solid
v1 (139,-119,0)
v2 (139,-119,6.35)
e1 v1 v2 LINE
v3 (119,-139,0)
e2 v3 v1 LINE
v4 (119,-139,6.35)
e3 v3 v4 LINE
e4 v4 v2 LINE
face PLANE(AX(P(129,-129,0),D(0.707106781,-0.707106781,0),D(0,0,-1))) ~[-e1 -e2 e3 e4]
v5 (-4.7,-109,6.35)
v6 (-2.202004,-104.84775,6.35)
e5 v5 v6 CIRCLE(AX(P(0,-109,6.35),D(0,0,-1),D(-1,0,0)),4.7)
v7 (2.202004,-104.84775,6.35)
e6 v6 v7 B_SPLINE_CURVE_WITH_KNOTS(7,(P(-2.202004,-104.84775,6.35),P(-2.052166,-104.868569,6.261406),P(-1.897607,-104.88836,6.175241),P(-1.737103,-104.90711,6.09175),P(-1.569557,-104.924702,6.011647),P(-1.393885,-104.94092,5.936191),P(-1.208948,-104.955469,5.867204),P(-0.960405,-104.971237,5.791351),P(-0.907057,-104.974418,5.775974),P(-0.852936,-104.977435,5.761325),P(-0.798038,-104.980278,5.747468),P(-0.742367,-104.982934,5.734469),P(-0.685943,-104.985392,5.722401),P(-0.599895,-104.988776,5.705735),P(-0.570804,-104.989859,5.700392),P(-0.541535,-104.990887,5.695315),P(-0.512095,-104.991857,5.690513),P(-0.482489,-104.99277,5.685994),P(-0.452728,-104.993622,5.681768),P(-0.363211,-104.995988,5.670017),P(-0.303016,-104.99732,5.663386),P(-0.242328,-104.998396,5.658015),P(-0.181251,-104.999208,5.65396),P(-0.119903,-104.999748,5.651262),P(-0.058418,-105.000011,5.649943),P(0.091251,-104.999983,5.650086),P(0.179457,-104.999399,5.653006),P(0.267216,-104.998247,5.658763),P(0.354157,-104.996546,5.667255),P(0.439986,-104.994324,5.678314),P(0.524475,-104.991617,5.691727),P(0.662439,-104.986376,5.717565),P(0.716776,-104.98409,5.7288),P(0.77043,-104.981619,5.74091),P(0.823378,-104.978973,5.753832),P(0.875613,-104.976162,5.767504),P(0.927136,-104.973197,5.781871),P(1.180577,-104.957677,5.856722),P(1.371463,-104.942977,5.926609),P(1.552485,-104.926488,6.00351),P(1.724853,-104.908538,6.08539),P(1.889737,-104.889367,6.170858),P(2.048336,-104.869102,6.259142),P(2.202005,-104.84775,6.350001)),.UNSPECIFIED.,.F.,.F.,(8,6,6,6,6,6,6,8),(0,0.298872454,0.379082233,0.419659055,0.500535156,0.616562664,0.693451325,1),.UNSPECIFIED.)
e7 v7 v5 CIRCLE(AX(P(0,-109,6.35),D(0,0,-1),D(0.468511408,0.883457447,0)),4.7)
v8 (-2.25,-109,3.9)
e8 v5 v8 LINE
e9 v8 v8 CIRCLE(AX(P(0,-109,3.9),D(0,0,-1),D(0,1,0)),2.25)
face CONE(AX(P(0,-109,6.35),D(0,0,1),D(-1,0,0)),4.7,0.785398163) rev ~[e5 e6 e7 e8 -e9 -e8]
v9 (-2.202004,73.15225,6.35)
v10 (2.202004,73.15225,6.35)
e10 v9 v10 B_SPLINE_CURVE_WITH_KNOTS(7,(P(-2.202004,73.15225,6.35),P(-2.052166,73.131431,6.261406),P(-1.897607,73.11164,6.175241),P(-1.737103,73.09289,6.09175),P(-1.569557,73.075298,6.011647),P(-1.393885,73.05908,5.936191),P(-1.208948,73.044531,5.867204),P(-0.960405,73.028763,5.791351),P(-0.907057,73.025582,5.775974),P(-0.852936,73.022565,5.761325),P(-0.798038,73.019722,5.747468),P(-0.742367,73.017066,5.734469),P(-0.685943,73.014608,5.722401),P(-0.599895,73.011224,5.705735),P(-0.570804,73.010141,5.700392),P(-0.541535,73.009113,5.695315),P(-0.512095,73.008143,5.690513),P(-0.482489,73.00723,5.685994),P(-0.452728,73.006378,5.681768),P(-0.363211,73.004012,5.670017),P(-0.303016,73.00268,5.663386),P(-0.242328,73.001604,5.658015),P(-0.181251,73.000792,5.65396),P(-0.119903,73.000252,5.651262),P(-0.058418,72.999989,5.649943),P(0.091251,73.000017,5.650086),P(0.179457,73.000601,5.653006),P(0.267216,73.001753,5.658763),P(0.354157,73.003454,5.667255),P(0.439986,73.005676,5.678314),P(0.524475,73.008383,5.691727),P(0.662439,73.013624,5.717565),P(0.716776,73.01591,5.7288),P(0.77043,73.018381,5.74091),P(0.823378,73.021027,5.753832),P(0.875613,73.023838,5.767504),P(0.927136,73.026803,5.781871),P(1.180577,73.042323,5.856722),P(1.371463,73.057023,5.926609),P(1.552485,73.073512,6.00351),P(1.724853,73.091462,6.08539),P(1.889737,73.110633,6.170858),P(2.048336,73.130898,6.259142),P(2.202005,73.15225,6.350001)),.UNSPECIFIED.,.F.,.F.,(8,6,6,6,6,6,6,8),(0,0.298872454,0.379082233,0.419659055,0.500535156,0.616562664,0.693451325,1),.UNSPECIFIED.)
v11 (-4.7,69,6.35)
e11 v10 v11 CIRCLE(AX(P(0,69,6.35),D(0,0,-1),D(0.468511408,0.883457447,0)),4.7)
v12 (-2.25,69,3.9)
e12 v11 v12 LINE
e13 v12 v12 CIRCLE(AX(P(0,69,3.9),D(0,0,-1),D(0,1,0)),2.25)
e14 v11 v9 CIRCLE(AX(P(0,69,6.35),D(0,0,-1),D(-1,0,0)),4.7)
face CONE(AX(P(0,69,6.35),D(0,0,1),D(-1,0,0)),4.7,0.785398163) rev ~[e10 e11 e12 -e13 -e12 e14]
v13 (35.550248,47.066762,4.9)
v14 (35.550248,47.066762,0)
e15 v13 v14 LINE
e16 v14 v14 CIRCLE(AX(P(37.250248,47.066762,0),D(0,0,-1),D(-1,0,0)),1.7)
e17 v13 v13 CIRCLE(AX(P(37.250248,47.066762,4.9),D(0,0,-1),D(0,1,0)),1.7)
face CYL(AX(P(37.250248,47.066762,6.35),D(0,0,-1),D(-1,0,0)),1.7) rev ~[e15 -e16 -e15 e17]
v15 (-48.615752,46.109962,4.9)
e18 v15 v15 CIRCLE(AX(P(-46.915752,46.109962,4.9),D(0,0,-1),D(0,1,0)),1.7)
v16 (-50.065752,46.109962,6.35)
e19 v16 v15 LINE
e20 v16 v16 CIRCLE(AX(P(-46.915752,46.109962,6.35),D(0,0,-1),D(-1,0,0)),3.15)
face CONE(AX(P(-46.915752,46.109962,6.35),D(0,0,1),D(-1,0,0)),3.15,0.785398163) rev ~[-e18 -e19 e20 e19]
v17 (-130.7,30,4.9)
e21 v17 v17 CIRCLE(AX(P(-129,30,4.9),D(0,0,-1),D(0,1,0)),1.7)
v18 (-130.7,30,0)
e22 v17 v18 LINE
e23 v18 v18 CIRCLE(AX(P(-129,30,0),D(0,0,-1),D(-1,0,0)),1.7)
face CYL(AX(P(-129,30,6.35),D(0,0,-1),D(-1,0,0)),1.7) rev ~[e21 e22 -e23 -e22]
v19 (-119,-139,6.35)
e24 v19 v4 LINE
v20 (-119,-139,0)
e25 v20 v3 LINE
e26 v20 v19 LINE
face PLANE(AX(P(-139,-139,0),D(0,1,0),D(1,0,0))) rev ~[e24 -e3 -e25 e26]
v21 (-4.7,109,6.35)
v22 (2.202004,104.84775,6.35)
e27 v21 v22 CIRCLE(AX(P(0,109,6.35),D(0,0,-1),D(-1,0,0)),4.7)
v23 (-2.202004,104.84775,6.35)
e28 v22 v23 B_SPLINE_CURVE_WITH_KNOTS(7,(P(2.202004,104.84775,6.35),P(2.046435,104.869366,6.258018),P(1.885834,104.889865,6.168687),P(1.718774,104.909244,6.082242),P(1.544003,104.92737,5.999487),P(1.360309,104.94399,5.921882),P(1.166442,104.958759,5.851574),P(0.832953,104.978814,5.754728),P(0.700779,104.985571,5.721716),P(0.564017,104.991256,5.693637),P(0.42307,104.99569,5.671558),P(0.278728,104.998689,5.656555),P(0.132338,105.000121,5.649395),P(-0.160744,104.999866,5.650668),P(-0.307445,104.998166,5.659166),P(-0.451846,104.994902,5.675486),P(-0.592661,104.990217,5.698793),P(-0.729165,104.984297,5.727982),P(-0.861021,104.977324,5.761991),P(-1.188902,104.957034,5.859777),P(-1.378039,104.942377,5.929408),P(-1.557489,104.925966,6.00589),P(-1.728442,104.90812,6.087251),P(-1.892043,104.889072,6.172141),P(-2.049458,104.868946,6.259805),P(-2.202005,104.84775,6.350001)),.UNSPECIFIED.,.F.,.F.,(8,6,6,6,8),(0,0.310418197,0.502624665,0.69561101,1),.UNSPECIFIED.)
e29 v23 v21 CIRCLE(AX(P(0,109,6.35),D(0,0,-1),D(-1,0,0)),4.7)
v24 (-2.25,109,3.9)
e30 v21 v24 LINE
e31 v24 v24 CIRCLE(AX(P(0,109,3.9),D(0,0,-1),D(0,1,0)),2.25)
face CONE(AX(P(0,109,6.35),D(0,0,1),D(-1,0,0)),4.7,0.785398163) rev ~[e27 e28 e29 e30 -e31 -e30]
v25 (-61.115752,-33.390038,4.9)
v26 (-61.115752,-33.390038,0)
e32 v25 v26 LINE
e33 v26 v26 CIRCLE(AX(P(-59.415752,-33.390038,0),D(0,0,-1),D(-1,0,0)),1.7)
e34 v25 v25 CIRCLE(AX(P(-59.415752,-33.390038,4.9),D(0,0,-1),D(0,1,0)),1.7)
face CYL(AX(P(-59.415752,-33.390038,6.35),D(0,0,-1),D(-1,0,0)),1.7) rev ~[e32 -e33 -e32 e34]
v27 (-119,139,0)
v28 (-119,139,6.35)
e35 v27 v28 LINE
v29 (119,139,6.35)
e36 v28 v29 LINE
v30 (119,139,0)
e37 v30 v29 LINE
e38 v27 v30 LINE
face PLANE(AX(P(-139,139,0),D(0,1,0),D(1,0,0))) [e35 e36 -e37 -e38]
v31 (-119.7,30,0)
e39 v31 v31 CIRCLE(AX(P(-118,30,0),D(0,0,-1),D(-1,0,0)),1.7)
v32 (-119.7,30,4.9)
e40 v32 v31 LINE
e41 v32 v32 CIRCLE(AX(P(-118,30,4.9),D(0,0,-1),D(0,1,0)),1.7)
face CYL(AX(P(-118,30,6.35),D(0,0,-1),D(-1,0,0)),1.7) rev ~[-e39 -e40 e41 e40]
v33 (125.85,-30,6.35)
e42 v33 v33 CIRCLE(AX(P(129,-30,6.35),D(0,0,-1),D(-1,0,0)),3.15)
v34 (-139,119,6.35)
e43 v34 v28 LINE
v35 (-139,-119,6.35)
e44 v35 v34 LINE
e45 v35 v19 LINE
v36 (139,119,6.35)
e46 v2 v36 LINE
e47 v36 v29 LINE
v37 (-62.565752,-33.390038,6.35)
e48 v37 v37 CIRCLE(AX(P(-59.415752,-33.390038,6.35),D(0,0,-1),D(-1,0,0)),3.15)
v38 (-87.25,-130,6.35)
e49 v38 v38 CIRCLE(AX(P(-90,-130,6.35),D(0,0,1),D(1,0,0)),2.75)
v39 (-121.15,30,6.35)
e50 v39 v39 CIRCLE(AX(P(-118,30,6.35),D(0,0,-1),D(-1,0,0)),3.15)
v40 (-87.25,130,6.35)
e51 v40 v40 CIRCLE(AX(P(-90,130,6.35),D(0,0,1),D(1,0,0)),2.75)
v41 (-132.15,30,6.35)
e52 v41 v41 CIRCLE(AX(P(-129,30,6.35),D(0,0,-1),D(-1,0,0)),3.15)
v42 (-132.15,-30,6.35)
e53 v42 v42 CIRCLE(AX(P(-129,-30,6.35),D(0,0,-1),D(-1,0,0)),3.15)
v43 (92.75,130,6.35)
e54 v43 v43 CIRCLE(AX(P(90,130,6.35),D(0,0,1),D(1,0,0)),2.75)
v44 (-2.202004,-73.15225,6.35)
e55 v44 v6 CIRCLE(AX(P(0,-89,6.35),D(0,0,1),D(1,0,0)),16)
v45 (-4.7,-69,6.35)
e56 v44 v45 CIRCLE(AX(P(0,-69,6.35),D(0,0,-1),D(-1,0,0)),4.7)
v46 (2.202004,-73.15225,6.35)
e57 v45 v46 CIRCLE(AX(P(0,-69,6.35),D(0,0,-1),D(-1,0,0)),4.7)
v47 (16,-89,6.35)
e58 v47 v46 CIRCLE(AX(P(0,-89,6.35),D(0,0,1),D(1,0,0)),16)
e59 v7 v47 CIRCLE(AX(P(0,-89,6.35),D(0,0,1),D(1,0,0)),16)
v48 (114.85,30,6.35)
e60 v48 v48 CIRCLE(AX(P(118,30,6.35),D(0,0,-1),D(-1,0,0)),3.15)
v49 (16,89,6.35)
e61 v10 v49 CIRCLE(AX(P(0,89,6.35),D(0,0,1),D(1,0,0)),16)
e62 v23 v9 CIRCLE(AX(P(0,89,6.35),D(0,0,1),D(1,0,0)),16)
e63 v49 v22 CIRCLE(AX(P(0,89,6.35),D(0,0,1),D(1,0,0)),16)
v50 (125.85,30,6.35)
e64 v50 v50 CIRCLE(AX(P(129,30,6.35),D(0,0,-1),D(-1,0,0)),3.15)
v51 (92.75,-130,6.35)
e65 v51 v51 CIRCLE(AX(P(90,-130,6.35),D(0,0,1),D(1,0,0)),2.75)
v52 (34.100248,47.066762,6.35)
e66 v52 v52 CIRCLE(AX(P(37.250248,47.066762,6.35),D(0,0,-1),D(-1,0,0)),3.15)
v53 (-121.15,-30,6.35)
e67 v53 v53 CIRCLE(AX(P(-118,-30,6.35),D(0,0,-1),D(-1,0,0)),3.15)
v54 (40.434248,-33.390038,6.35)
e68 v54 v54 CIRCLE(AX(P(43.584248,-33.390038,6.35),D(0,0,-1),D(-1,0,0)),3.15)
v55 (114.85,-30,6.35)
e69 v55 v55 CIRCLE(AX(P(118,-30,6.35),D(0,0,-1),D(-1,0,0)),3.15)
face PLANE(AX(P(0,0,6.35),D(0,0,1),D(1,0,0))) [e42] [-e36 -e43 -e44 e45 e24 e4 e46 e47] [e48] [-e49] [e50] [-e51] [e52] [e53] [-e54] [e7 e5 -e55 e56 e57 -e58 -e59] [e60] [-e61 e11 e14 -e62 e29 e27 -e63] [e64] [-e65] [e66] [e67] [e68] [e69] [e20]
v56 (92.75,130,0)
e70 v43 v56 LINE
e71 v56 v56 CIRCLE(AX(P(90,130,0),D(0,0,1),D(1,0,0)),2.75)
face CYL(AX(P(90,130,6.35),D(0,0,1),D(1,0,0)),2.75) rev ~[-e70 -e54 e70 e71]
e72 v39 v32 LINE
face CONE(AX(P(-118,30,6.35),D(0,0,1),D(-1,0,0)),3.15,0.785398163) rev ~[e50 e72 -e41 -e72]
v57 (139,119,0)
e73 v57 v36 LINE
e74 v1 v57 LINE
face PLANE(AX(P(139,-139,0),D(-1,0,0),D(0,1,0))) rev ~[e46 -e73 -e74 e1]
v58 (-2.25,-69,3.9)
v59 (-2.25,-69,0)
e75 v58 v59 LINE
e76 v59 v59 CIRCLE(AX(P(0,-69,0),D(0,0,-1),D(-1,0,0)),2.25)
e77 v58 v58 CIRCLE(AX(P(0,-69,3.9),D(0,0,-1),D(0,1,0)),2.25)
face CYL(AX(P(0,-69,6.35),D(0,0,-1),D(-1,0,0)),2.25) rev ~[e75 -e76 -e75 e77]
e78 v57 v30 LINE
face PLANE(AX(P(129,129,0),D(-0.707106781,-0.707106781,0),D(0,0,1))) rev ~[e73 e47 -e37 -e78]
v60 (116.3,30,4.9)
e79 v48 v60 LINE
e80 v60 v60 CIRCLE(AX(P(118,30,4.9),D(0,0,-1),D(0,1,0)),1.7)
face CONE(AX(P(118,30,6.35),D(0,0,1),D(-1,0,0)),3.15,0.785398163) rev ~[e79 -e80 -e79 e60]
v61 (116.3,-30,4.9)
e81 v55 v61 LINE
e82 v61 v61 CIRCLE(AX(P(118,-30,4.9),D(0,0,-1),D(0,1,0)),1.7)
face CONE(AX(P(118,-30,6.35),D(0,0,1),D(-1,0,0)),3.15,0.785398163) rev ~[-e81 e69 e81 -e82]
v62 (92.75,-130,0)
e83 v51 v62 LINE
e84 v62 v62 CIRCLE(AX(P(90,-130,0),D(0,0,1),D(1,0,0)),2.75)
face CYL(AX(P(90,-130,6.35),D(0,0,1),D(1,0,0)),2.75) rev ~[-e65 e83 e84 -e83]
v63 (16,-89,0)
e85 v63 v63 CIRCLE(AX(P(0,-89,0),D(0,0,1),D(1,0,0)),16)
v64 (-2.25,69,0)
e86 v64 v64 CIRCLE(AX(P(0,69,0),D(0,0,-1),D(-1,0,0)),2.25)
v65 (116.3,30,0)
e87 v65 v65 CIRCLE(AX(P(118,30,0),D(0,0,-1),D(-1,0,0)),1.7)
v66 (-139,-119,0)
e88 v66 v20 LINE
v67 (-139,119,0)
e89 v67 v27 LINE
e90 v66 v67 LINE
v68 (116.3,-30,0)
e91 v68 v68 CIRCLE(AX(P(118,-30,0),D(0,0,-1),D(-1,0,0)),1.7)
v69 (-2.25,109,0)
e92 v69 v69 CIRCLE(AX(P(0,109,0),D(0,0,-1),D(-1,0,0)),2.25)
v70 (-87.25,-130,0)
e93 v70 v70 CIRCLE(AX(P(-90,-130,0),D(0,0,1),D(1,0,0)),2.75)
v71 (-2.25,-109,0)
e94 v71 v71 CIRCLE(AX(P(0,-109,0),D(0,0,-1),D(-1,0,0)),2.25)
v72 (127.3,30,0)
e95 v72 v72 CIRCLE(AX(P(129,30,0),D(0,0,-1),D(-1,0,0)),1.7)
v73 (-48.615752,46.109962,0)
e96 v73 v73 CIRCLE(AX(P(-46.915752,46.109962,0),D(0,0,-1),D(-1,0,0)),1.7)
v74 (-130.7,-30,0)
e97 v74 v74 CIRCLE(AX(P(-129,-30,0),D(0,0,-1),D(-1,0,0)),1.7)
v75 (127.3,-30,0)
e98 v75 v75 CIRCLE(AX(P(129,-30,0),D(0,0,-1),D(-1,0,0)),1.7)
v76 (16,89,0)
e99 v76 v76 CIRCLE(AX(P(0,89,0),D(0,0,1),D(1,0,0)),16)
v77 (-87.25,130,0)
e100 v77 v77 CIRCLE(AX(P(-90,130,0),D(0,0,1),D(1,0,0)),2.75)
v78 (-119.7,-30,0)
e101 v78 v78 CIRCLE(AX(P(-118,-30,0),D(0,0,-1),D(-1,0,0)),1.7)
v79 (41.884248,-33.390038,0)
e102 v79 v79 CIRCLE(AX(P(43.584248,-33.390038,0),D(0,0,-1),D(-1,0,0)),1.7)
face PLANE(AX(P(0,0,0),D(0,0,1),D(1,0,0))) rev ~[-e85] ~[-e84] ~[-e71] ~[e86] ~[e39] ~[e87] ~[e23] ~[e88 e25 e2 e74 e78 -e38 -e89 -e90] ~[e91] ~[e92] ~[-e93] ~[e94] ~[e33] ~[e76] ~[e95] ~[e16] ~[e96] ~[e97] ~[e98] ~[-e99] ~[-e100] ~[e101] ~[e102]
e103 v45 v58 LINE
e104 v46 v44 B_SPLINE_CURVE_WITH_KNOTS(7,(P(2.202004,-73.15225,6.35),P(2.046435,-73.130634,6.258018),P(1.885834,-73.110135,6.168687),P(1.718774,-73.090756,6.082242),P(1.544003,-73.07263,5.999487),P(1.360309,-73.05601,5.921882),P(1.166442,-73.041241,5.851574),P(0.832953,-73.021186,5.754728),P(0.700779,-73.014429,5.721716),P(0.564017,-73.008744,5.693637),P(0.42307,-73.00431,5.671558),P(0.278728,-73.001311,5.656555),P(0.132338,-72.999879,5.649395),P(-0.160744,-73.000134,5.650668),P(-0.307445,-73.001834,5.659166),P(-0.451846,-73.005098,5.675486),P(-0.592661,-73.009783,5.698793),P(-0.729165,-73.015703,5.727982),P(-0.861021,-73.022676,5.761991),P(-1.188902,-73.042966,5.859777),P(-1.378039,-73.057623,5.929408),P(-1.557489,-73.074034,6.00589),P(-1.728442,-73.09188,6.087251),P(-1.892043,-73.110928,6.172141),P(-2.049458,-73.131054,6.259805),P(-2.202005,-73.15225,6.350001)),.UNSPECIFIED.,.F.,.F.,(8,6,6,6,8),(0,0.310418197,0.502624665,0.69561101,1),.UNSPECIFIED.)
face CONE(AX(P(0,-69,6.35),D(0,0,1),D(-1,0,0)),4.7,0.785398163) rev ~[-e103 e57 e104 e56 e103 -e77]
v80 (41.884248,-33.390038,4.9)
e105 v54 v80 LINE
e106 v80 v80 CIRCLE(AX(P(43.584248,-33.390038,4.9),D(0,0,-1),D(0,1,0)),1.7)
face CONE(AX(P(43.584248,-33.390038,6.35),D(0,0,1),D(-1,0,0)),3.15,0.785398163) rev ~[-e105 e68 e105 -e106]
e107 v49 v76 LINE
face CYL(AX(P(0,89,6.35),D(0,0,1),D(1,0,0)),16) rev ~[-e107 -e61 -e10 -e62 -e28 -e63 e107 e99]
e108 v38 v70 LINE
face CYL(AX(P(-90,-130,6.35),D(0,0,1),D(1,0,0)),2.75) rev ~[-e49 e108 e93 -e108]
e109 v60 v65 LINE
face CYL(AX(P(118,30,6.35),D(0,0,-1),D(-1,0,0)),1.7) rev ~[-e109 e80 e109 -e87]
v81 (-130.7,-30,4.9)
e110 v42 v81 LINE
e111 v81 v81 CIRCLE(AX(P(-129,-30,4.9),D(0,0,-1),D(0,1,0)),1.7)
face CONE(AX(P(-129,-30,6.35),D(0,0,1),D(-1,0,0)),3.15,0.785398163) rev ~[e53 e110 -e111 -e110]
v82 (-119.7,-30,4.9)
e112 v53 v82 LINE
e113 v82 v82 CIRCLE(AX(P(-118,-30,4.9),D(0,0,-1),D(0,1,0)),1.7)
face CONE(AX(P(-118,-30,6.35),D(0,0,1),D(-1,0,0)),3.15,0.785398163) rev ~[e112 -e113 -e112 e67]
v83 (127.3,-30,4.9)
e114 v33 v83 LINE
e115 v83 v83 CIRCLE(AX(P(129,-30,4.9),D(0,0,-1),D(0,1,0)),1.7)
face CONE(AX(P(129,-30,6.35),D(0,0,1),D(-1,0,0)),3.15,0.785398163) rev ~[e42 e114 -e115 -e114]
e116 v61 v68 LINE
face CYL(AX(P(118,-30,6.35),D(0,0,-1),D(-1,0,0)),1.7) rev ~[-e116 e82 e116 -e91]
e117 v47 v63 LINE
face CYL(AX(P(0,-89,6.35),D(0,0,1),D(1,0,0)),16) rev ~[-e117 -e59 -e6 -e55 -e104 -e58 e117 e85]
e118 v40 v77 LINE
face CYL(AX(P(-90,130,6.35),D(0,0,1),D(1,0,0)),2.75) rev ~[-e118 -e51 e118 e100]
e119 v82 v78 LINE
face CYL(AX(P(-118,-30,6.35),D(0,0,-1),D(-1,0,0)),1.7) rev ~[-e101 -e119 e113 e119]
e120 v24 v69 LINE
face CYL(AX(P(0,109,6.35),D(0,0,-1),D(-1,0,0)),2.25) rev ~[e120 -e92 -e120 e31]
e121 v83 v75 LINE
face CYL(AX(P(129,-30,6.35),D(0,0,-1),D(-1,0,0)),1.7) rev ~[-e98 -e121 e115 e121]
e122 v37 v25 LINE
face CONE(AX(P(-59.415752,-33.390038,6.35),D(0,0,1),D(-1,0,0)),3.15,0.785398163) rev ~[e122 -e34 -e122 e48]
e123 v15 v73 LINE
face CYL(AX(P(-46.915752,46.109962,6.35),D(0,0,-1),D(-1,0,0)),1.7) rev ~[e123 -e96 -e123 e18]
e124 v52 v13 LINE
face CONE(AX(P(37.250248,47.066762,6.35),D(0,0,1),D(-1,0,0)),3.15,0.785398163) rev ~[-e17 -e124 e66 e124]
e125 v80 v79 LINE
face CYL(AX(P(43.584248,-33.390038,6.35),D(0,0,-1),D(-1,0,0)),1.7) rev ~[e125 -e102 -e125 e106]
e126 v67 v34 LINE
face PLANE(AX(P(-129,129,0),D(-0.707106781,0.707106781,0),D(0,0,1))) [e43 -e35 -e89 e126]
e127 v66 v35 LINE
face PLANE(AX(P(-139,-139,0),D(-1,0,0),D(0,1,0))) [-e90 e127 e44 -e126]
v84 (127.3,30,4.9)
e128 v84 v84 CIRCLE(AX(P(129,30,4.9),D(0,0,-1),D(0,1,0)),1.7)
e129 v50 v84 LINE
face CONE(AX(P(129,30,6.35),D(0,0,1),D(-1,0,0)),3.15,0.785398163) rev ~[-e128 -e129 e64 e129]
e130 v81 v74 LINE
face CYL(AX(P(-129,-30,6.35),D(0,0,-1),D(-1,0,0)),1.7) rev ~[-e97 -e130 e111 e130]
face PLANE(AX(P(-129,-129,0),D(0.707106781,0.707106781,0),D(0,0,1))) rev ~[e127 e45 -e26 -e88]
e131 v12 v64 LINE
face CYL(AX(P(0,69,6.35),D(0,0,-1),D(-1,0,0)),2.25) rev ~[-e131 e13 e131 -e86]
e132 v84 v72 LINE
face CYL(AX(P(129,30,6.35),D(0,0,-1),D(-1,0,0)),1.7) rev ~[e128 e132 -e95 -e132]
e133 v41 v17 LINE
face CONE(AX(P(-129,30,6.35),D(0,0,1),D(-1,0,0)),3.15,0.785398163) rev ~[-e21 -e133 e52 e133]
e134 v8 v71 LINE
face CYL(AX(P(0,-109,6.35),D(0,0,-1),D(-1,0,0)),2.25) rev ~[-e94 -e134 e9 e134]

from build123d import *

# Parameters (mm, degrees)
SKETCH1_W                                       = 278
SKETCH1_H                                       = 278
BOSS_EXTRUDE1_DEPTH                             = 6.35
CHAMFER1_SIZE                                   = 20
SKETCH4_R                                       = 2.75
CUT_EXTRUDE2_DEPTH                              = 76.2
SKETCH8_R                                       = 16
CUT_EXTRUDE4_DEPTH                              = 105
CSK_FOR_M4_FLAT_HEAD_MACHINE_SCREW2_D           = 4.5
CSK_FOR_M4_FLAT_HEAD_MACHINE_SCREW2_CSINK_D     = 9.4
CSK_FOR_M4_FLAT_HEAD_MACHINE_SCREW2_CSINK_ANGLE = 90
CSK_FOR_M3_FLAT_HEAD_MACHINE_SCREW1_D           = 3.4
CSK_FOR_M3_FLAT_HEAD_MACHINE_SCREW1_CSINK_D     = 6.3
CSK_FOR_M3_FLAT_HEAD_MACHINE_SCREW1_CSINK_ANGLE = 90
CSK_FOR_M3_FLAT_HEAD_MACHINE_SCREW2_D           = 3.4
CSK_FOR_M3_FLAT_HEAD_MACHINE_SCREW2_CSINK_D     = 6.3
CSK_FOR_M3_FLAT_HEAD_MACHINE_SCREW2_CSINK_ANGLE = 90


with BuildPart() as part:
    # Sketch1 → Boss-Extrude1 (new body)
    with BuildSketch(Plane.XY):
        Rectangle(SKETCH1_W, SKETCH1_H)
    extrude(amount=BOSS_EXTRUDE1_DEPTH)

    # Chamfer1
    chamfer1_edges = [part.edges().sort_by_distance(p)[0] for p in [
        (-139, 139, 3.175),
        (139, 139, 3.175),
        (139, -139, 3.175),
        (-139, -139, 3.175),
    ]]
    chamfer(chamfer1_edges, length=CHAMFER1_SIZE)

    # Sketch4 → Cut-Extrude2 (cut)
    with BuildSketch(Plane.XY.offset(6.35)):
        with Locations((-90, 130)):
            Circle(SKETCH4_R)
        with Locations((0, 151)):
            Circle(SKETCH4_R)
        with Locations((90, 130)):
            Circle(SKETCH4_R)
        with Locations((90, -130)):
            Circle(SKETCH4_R)
        with Locations((0, -151)):
            Circle(SKETCH4_R)
        with Locations((-90, -130)):
            Circle(SKETCH4_R)
    extrude(amount=-CUT_EXTRUDE2_DEPTH, mode=Mode.SUBTRACT)

    # Sketch8 → Cut-Extrude4 (cut)
    with BuildSketch(Plane.XY.offset(6.35)):
        with Locations((0, 89)):
            Circle(SKETCH8_R)
        with Locations((0, -89)):
            Circle(SKETCH8_R)
    extrude(amount=-CUT_EXTRUDE4_DEPTH, mode=Mode.SUBTRACT)

    # CSK for M4 Flat Head Machine Screw2 (through all)
    with Locations(Plane.XY.offset(6.35)):
        with Locations((0, 109), (0, 69), (0, -69), (0, -109)):
            CounterSinkHole(CSK_FOR_M4_FLAT_HEAD_MACHINE_SCREW2_D / 2, CSK_FOR_M4_FLAT_HEAD_MACHINE_SCREW2_CSINK_D / 2, counter_sink_angle=CSK_FOR_M4_FLAT_HEAD_MACHINE_SCREW2_CSINK_ANGLE)

    # CSK for M3 Flat Head Machine Screw1 (through all)
    with Locations(Plane.XY.offset(6.35)):
        with Locations((-129, 30), (-118, 30), (-118, -30), (-129, -30), (129, -30), (118, -30), (118, 30), (129, 30)):
            CounterSinkHole(CSK_FOR_M3_FLAT_HEAD_MACHINE_SCREW1_D / 2, CSK_FOR_M3_FLAT_HEAD_MACHINE_SCREW1_CSINK_D / 2, counter_sink_angle=CSK_FOR_M3_FLAT_HEAD_MACHINE_SCREW1_CSINK_ANGLE)

    # CSK for M3 Flat Head Machine Screw2 (through all)
    with Locations(Plane.XY.offset(6.35)):
        with Locations((-46.915752442, 46.109961681)):
            csk_for_m3_flat_head_machine_screw2 = CounterSinkHole(CSK_FOR_M3_FLAT_HEAD_MACHINE_SCREW2_D / 2, CSK_FOR_M3_FLAT_HEAD_MACHINE_SCREW2_CSINK_D / 2, counter_sink_angle=CSK_FOR_M3_FLAT_HEAD_MACHINE_SCREW2_CSINK_ANGLE)

    # Sketch-Pattern1: CSK for M3 Flat Head Machine Screw2 at 3 more places
    with Locations((84.166, 0.9568, 0), (90.5, -79.5, 0), (-12.5, -79.5, 0)):
        add(csk_for_m3_flat_head_machine_screw2, mode=Mode.SUBTRACT)


solid = part.part
